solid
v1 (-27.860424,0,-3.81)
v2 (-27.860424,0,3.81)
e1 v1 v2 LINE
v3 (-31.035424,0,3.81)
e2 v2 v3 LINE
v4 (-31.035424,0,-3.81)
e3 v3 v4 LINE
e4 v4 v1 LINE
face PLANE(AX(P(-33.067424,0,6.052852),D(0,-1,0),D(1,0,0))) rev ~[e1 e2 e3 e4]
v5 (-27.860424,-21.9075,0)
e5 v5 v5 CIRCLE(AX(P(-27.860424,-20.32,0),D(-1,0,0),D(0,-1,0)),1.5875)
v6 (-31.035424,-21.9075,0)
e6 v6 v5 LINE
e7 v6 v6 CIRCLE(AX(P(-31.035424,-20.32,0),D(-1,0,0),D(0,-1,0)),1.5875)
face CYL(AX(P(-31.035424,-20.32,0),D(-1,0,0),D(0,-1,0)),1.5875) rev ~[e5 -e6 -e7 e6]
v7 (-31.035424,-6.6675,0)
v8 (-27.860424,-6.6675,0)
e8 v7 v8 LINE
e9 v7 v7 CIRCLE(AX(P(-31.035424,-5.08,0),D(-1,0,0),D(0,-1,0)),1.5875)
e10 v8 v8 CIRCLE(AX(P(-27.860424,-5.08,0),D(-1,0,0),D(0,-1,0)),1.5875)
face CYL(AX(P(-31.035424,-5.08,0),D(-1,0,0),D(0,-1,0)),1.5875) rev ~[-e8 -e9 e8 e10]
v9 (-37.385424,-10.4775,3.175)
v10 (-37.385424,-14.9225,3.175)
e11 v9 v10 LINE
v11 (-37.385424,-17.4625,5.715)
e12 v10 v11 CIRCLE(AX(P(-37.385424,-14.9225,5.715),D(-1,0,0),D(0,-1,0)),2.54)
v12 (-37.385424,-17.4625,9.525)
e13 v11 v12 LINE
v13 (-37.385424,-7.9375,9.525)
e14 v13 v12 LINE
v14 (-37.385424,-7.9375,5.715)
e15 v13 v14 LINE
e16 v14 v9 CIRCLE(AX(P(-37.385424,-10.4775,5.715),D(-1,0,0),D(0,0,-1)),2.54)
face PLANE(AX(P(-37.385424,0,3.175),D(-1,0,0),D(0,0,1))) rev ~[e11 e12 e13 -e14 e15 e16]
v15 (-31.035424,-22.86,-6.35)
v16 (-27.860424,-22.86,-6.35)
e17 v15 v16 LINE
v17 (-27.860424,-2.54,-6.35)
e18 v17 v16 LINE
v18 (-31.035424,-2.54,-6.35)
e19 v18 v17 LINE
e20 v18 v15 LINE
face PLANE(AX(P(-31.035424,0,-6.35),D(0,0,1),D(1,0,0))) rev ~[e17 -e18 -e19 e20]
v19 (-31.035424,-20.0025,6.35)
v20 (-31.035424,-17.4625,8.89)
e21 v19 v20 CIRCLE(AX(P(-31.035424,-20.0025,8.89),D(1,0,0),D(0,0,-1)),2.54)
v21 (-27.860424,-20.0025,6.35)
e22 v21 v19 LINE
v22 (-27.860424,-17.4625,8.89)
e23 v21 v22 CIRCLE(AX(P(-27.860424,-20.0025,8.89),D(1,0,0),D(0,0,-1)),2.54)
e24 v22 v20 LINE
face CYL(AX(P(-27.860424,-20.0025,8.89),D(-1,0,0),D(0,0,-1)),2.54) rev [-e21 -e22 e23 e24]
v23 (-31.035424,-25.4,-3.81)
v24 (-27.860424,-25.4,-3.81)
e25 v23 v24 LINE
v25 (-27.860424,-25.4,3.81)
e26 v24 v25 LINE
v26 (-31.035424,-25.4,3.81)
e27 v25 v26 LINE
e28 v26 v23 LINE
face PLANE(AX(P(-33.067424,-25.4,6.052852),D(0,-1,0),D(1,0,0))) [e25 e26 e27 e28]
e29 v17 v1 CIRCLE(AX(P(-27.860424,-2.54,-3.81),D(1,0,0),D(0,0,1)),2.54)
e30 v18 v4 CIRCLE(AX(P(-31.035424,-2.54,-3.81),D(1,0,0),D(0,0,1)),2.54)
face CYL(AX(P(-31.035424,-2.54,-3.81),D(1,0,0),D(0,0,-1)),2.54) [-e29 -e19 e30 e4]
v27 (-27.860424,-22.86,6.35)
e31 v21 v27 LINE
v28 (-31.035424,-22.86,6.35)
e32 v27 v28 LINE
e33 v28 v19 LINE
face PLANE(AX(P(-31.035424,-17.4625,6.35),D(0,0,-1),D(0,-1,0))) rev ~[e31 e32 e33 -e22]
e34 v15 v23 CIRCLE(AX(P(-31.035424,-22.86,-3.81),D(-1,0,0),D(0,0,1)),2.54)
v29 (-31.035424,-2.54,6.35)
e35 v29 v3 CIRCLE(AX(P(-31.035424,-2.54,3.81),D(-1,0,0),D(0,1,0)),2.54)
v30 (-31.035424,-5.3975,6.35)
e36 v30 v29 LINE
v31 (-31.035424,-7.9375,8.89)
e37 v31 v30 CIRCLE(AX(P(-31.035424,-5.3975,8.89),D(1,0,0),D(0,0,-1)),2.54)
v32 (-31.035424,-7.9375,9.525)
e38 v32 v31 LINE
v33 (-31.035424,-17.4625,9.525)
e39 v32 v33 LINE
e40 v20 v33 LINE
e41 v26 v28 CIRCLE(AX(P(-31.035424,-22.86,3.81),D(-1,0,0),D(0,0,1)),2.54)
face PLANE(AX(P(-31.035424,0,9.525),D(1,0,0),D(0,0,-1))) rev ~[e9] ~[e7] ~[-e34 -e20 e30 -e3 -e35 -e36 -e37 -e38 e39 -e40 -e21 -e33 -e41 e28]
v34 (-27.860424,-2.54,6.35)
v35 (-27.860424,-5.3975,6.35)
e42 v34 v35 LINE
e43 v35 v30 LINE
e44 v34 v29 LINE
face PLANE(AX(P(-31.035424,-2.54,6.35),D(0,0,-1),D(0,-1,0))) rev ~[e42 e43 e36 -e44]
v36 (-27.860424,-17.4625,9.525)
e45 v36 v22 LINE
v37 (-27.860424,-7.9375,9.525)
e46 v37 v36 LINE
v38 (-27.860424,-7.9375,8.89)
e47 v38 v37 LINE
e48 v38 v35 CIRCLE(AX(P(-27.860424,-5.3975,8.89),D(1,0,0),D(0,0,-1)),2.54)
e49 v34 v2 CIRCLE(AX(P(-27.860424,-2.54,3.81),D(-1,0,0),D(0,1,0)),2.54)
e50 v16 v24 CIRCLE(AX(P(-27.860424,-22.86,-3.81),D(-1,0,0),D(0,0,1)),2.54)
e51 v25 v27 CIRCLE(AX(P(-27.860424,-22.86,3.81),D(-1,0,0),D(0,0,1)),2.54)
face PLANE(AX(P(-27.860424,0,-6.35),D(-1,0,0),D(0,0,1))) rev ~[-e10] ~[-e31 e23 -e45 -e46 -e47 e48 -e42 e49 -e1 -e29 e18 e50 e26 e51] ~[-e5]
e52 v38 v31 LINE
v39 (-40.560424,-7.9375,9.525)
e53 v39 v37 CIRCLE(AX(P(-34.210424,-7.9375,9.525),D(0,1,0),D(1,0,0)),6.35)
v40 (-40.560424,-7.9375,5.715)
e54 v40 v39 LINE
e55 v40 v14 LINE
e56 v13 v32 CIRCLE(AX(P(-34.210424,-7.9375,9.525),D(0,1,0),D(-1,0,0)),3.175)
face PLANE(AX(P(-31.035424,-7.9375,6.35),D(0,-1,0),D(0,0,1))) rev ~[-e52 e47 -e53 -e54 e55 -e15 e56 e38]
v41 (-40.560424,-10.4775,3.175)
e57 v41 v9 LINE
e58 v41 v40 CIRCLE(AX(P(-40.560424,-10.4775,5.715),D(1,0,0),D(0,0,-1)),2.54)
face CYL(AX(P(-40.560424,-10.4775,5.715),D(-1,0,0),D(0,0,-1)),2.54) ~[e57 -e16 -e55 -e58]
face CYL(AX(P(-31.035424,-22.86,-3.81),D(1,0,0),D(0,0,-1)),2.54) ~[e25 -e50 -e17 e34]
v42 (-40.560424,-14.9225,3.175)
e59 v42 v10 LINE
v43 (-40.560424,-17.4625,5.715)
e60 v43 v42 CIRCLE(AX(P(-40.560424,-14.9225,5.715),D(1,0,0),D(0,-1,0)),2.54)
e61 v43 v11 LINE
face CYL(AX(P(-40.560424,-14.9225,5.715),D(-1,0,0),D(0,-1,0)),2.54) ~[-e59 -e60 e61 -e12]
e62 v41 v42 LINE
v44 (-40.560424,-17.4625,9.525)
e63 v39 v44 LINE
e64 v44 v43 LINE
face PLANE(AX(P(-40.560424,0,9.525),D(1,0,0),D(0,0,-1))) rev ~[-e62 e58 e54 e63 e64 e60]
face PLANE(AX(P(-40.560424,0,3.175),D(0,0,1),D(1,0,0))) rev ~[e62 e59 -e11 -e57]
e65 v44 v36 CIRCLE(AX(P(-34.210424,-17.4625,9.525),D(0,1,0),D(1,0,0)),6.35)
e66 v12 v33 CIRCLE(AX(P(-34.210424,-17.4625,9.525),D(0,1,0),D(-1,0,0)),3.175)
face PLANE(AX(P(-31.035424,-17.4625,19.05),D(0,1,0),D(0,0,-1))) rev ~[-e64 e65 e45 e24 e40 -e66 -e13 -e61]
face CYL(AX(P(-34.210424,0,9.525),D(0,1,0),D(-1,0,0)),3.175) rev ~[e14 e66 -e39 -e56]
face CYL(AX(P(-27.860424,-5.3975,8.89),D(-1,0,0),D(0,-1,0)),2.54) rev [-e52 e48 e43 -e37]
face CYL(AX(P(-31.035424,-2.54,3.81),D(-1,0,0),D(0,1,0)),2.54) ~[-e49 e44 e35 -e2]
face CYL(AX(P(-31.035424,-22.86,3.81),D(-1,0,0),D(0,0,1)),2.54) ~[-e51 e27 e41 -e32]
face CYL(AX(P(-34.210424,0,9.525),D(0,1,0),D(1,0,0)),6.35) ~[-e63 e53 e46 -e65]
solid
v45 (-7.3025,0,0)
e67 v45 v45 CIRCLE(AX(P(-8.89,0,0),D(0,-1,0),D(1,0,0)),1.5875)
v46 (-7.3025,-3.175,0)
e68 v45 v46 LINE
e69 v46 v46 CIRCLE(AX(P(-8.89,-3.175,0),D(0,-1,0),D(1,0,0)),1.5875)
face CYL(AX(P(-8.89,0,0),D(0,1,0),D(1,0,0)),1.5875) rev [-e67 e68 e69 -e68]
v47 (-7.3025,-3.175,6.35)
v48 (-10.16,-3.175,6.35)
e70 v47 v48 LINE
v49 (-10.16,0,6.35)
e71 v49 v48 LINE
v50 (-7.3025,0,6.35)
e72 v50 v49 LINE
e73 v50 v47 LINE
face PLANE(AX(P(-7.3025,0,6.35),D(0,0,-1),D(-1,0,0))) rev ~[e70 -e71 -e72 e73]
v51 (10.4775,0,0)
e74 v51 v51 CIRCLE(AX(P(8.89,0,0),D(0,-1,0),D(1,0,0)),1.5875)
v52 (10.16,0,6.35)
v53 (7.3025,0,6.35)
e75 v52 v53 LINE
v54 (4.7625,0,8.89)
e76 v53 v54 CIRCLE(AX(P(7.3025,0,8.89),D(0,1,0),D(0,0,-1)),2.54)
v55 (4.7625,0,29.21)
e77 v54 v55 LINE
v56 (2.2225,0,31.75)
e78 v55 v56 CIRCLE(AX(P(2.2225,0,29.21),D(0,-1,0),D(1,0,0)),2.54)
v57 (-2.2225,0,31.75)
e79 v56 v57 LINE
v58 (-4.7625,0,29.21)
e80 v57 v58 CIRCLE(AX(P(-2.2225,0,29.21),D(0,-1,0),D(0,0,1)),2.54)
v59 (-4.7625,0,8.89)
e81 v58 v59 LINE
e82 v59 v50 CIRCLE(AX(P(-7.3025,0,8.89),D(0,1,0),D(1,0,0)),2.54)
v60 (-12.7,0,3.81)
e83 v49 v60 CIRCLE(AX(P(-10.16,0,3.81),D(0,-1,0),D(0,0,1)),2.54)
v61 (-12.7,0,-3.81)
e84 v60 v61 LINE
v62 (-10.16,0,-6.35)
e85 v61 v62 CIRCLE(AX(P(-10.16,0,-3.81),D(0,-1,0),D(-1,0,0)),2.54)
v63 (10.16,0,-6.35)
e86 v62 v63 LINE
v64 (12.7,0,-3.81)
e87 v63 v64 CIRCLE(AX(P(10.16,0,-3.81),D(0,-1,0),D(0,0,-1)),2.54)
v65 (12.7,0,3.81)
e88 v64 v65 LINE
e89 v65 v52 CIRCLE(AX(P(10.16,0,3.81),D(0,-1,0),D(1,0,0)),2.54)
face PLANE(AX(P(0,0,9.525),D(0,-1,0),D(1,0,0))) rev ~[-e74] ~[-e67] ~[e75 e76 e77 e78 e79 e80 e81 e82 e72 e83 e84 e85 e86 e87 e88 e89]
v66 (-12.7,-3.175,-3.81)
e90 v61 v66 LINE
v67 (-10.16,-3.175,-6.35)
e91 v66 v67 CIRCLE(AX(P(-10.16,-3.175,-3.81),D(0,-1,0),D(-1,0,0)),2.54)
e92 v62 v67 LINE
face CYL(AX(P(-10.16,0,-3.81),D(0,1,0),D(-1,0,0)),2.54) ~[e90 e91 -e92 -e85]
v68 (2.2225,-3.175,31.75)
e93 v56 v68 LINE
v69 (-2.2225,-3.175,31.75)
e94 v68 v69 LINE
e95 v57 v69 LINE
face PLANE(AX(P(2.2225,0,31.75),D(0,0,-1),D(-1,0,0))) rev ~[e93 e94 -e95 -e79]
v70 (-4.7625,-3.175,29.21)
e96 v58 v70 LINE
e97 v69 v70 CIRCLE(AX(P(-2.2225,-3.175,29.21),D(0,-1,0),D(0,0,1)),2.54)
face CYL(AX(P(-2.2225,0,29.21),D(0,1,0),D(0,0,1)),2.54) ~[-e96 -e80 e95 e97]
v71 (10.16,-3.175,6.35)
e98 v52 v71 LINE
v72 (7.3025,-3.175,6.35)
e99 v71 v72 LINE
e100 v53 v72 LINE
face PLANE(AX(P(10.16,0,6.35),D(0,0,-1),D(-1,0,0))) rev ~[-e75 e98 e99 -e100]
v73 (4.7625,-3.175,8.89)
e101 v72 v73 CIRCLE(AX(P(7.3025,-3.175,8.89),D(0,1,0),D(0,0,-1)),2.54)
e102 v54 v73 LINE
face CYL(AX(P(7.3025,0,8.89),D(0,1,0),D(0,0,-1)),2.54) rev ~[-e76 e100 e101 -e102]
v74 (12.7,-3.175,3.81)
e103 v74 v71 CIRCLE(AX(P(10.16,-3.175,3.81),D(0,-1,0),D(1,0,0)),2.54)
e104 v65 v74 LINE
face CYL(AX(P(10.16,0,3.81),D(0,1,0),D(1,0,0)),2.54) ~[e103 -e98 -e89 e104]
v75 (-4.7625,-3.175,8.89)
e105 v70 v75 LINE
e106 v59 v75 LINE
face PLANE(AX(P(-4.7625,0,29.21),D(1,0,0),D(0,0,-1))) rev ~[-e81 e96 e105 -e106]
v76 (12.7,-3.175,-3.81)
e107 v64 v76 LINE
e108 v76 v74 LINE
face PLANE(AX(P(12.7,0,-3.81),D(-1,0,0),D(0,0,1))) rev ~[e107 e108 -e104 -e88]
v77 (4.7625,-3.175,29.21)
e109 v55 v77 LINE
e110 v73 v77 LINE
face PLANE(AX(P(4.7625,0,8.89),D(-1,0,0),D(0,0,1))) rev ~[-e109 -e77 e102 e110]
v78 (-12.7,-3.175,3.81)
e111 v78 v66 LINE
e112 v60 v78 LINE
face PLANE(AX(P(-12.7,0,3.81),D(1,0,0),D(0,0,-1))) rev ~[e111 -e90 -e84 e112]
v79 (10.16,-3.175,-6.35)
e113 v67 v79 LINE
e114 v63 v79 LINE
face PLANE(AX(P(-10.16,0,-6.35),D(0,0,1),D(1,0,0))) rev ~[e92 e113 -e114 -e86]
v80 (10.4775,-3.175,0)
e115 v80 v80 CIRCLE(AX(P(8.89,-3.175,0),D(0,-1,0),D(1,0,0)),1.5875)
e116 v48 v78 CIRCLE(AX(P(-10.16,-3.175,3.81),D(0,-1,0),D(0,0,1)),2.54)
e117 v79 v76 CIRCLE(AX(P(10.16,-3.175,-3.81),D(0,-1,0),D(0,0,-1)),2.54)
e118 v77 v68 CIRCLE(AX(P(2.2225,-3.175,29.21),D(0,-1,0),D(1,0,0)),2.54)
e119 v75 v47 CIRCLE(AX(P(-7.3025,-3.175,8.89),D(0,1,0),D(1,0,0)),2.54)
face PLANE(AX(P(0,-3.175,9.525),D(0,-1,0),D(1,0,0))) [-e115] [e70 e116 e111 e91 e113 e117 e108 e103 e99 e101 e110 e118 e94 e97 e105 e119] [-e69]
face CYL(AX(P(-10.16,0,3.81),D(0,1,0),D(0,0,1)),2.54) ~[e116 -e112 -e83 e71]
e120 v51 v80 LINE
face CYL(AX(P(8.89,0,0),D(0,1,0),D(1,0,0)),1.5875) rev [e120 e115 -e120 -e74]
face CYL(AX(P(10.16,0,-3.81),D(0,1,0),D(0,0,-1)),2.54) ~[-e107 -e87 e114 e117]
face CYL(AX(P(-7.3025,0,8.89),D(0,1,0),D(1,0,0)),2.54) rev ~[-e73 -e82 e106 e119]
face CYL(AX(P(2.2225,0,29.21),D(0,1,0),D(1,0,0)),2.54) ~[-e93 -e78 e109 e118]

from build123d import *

# Parameters (mm, degrees)
F0_R      = 1.5875
F1_DEPTH  = 3.175
F3_DEPTH  = 25.4
F4_W      = 65.2850472093
F4_H      = 58.7823774338
F5_DEPTH  = 12.7
F7_DEPTH  = 6.35
F8_R      = 2.54
F9_R      = 1.5875
F10_DEPTH = 25.4


with BuildPart() as f1:
    # F0 (on Front) → F1 (new body)
    with BuildSketch(Plane.XZ):
        with BuildLine():
            Line((-10.16, -6.35), (10.16, -6.35))
            ThreePointArc((10.16, -6.35), (11.9560512242, -5.6060512242), (12.7, -3.81))
            Line((12.7, -3.81), (12.7, 3.81))
            ThreePointArc((12.7, 3.81), (11.9560512242, 5.6060512242), (10.16, 6.35))
            Line((10.16, 6.35), (7.3025, 6.35))
            ThreePointArc((7.3025, 6.35), (5.5064487758, 7.0939487758), (4.7625, 8.89))
            Line((4.7625, 8.89), (4.7625, 29.21))
            ThreePointArc((4.7625, 29.21), (4.0185512242, 31.0060512242), (2.2225, 31.75))
            Line((2.2225, 31.75), (-2.2225, 31.75))
            ThreePointArc((-2.2225, 31.75), (-4.0185512242, 31.0060512242), (-4.7625, 29.21))
            Line((-4.7625, 29.21), (-4.7625, 8.89))
            ThreePointArc((-4.7625, 8.89), (-5.5064487758, 7.0939487758), (-7.3025, 6.35))
            Line((-7.3025, 6.35), (-10.16, 6.35))
            ThreePointArc((-10.16, 6.35), (-11.9560512242, 5.6060512242), (-12.7, 3.81))
            Line((-12.7, 3.81), (-12.7, -3.81))
            ThreePointArc((-12.7, -3.81), (-11.9560512242, -5.6060512242), (-10.16, -6.35))
        make_face()
        with Locations((-8.89, 0)):
            Circle(F0_R, mode=Mode.SUBTRACT)
        with Locations((8.89, 0)):
            Circle(F0_R, mode=Mode.SUBTRACT)
    extrude(amount=F1_DEPTH)


with BuildPart() as f3:
    # F2 (on Front) → F3 (new body)
    with BuildSketch(Plane.XZ):
        with BuildLine():
            Line((-31.0354243457, -6.35), (-27.8604243457, -6.35))
            Line((-27.8604243457, -6.35), (-27.8604243457, 6.35))
            Line((-27.8604243457, 6.35), (-27.8604243457, 9.525))
            ThreePointArc((-27.8604243457, 9.525), (-34.2104243457, 15.875), (-40.5604243457, 9.525))
            Line((-40.5604243457, 9.525), (-40.5604243457, 3.175))
            Line((-40.5604243457, 3.175), (-37.3854243457, 3.175))
            Line((-37.3854243457, 3.175), (-37.3854243457, 9.525))
            ThreePointArc((-37.3854243457, 9.525), (-34.2104243457, 12.7), (-31.0354243457, 9.525))
            Line((-31.0354243457, 9.525), (-31.0354243457, 6.35))
            Line((-31.0354243457, 6.35), (-31.0354243457, -6.35))
        make_face()
    extrude(amount=F3_DEPTH)

    # F4 (on face) → F5 (cut, symmetric)
    with BuildSketch(Plane(origin=(-31.0354243457, 0, 0), x_dir=(0, -1, 0), z_dir=(-1, 0, 0))):
        with Locations((12.7, 6.35)):
            Rectangle(F4_W, F4_H)
        Polygon((7.9375, -6.35), (2.54, -6.35), (0, -6.35), (0, -3.81), (0, 3.81), (0, 9.525), (7.9375, 9.525), (7.9375, 19.05), (17.4625, 19.05), (17.4625, 9.525), (25.4, 9.525), (25.4, 3.81), (25.4, -3.81), (25.4, -6.35), (22.86, -6.35), (17.4625, -6.35), align=None, mode=Mode.SUBTRACT)
        with BuildLine():
            Line((0, 9.525), (0, 3.81))
            ThreePointArc((0, 3.81), (0.7439487758, 5.6060512242), (2.54, 6.35))
            Line((2.54, 6.35), (7.9375, 6.35))
            Line((7.9375, 6.35), (7.9375, 9.525))
            Line((7.9375, 9.525), (0, 9.525))
        make_face()
        with BuildLine():
            ThreePointArc((22.86, 6.35), (24.6560512242, 5.6060512242), (25.4, 3.81))
            Line((25.4, 3.81), (25.4, 9.525))
            Line((25.4, 9.525), (17.4625, 9.525))
            Line((17.4625, 9.525), (17.4625, 6.35))
            Line((17.4625, 6.35), (22.86, 6.35))
        make_face()
    extrude(amount=F5_DEPTH, both=True, mode=Mode.SUBTRACT)

    # F6 (on face) → F7 (cut)
    with BuildSketch(Plane(origin=(-40.5604243457, 0, 0), x_dir=(0, -1, 0), z_dir=(-1, 0, 0))):
        with BuildLine():
            Line((0, 3.175), (10.4775, 3.175))
            ThreePointArc((10.4775, 3.175), (8.6814487758, 3.9189487758), (7.9375, 5.715))
            Line((7.9375, 5.715), (7.9375, 6.35))
            Line((7.9375, 6.35), (2.54, 6.35))
            ThreePointArc((2.54, 6.35), (0.7439487758, 5.6060512242), (0, 3.81))
            Line((0, 3.81), (0, 3.175))
        make_face()
        with BuildLine():
            ThreePointArc((17.4625, 5.715), (16.7185512242, 3.9189487758), (14.9225, 3.175))
            Line((14.9225, 3.175), (25.4, 3.175))
            Line((25.4, 3.175), (25.4, 3.81))
            ThreePointArc((25.4, 3.81), (24.6560512242, 5.6060512242), (22.86, 6.35))
            Line((22.86, 6.35), (17.4625, 6.35))
            Line((17.4625, 6.35), (17.4625, 5.715))
        make_face()
    extrude(amount=-F7_DEPTH, mode=Mode.SUBTRACT)

    # F8
    f8_edges = [f3.edges().sort_by_distance(p)[0] for p in [
        (-29.447924, -7.9375, 6.35),
        (-29.447924, -17.4625, 6.35),
        (-29.447924, -25.4, -6.35),
        (-29.447924, 0, -6.35),
    ]]
    fillet(f8_edges, radius=F8_R)

    # F9 (on face) → F10 (cut)
    with BuildSketch(Plane(origin=(-31.0354243457, 0, 0), x_dir=(0, -1, 0), z_dir=(-1, 0, 0))):
        with Locations((5.08, 0)):
            Circle(F9_R)
        with Locations((20.32, 0)):
            Circle(F9_R)
    extrude(amount=-F10_DEPTH, mode=Mode.SUBTRACT)


solid = Compound([f1.part, f3.part])
